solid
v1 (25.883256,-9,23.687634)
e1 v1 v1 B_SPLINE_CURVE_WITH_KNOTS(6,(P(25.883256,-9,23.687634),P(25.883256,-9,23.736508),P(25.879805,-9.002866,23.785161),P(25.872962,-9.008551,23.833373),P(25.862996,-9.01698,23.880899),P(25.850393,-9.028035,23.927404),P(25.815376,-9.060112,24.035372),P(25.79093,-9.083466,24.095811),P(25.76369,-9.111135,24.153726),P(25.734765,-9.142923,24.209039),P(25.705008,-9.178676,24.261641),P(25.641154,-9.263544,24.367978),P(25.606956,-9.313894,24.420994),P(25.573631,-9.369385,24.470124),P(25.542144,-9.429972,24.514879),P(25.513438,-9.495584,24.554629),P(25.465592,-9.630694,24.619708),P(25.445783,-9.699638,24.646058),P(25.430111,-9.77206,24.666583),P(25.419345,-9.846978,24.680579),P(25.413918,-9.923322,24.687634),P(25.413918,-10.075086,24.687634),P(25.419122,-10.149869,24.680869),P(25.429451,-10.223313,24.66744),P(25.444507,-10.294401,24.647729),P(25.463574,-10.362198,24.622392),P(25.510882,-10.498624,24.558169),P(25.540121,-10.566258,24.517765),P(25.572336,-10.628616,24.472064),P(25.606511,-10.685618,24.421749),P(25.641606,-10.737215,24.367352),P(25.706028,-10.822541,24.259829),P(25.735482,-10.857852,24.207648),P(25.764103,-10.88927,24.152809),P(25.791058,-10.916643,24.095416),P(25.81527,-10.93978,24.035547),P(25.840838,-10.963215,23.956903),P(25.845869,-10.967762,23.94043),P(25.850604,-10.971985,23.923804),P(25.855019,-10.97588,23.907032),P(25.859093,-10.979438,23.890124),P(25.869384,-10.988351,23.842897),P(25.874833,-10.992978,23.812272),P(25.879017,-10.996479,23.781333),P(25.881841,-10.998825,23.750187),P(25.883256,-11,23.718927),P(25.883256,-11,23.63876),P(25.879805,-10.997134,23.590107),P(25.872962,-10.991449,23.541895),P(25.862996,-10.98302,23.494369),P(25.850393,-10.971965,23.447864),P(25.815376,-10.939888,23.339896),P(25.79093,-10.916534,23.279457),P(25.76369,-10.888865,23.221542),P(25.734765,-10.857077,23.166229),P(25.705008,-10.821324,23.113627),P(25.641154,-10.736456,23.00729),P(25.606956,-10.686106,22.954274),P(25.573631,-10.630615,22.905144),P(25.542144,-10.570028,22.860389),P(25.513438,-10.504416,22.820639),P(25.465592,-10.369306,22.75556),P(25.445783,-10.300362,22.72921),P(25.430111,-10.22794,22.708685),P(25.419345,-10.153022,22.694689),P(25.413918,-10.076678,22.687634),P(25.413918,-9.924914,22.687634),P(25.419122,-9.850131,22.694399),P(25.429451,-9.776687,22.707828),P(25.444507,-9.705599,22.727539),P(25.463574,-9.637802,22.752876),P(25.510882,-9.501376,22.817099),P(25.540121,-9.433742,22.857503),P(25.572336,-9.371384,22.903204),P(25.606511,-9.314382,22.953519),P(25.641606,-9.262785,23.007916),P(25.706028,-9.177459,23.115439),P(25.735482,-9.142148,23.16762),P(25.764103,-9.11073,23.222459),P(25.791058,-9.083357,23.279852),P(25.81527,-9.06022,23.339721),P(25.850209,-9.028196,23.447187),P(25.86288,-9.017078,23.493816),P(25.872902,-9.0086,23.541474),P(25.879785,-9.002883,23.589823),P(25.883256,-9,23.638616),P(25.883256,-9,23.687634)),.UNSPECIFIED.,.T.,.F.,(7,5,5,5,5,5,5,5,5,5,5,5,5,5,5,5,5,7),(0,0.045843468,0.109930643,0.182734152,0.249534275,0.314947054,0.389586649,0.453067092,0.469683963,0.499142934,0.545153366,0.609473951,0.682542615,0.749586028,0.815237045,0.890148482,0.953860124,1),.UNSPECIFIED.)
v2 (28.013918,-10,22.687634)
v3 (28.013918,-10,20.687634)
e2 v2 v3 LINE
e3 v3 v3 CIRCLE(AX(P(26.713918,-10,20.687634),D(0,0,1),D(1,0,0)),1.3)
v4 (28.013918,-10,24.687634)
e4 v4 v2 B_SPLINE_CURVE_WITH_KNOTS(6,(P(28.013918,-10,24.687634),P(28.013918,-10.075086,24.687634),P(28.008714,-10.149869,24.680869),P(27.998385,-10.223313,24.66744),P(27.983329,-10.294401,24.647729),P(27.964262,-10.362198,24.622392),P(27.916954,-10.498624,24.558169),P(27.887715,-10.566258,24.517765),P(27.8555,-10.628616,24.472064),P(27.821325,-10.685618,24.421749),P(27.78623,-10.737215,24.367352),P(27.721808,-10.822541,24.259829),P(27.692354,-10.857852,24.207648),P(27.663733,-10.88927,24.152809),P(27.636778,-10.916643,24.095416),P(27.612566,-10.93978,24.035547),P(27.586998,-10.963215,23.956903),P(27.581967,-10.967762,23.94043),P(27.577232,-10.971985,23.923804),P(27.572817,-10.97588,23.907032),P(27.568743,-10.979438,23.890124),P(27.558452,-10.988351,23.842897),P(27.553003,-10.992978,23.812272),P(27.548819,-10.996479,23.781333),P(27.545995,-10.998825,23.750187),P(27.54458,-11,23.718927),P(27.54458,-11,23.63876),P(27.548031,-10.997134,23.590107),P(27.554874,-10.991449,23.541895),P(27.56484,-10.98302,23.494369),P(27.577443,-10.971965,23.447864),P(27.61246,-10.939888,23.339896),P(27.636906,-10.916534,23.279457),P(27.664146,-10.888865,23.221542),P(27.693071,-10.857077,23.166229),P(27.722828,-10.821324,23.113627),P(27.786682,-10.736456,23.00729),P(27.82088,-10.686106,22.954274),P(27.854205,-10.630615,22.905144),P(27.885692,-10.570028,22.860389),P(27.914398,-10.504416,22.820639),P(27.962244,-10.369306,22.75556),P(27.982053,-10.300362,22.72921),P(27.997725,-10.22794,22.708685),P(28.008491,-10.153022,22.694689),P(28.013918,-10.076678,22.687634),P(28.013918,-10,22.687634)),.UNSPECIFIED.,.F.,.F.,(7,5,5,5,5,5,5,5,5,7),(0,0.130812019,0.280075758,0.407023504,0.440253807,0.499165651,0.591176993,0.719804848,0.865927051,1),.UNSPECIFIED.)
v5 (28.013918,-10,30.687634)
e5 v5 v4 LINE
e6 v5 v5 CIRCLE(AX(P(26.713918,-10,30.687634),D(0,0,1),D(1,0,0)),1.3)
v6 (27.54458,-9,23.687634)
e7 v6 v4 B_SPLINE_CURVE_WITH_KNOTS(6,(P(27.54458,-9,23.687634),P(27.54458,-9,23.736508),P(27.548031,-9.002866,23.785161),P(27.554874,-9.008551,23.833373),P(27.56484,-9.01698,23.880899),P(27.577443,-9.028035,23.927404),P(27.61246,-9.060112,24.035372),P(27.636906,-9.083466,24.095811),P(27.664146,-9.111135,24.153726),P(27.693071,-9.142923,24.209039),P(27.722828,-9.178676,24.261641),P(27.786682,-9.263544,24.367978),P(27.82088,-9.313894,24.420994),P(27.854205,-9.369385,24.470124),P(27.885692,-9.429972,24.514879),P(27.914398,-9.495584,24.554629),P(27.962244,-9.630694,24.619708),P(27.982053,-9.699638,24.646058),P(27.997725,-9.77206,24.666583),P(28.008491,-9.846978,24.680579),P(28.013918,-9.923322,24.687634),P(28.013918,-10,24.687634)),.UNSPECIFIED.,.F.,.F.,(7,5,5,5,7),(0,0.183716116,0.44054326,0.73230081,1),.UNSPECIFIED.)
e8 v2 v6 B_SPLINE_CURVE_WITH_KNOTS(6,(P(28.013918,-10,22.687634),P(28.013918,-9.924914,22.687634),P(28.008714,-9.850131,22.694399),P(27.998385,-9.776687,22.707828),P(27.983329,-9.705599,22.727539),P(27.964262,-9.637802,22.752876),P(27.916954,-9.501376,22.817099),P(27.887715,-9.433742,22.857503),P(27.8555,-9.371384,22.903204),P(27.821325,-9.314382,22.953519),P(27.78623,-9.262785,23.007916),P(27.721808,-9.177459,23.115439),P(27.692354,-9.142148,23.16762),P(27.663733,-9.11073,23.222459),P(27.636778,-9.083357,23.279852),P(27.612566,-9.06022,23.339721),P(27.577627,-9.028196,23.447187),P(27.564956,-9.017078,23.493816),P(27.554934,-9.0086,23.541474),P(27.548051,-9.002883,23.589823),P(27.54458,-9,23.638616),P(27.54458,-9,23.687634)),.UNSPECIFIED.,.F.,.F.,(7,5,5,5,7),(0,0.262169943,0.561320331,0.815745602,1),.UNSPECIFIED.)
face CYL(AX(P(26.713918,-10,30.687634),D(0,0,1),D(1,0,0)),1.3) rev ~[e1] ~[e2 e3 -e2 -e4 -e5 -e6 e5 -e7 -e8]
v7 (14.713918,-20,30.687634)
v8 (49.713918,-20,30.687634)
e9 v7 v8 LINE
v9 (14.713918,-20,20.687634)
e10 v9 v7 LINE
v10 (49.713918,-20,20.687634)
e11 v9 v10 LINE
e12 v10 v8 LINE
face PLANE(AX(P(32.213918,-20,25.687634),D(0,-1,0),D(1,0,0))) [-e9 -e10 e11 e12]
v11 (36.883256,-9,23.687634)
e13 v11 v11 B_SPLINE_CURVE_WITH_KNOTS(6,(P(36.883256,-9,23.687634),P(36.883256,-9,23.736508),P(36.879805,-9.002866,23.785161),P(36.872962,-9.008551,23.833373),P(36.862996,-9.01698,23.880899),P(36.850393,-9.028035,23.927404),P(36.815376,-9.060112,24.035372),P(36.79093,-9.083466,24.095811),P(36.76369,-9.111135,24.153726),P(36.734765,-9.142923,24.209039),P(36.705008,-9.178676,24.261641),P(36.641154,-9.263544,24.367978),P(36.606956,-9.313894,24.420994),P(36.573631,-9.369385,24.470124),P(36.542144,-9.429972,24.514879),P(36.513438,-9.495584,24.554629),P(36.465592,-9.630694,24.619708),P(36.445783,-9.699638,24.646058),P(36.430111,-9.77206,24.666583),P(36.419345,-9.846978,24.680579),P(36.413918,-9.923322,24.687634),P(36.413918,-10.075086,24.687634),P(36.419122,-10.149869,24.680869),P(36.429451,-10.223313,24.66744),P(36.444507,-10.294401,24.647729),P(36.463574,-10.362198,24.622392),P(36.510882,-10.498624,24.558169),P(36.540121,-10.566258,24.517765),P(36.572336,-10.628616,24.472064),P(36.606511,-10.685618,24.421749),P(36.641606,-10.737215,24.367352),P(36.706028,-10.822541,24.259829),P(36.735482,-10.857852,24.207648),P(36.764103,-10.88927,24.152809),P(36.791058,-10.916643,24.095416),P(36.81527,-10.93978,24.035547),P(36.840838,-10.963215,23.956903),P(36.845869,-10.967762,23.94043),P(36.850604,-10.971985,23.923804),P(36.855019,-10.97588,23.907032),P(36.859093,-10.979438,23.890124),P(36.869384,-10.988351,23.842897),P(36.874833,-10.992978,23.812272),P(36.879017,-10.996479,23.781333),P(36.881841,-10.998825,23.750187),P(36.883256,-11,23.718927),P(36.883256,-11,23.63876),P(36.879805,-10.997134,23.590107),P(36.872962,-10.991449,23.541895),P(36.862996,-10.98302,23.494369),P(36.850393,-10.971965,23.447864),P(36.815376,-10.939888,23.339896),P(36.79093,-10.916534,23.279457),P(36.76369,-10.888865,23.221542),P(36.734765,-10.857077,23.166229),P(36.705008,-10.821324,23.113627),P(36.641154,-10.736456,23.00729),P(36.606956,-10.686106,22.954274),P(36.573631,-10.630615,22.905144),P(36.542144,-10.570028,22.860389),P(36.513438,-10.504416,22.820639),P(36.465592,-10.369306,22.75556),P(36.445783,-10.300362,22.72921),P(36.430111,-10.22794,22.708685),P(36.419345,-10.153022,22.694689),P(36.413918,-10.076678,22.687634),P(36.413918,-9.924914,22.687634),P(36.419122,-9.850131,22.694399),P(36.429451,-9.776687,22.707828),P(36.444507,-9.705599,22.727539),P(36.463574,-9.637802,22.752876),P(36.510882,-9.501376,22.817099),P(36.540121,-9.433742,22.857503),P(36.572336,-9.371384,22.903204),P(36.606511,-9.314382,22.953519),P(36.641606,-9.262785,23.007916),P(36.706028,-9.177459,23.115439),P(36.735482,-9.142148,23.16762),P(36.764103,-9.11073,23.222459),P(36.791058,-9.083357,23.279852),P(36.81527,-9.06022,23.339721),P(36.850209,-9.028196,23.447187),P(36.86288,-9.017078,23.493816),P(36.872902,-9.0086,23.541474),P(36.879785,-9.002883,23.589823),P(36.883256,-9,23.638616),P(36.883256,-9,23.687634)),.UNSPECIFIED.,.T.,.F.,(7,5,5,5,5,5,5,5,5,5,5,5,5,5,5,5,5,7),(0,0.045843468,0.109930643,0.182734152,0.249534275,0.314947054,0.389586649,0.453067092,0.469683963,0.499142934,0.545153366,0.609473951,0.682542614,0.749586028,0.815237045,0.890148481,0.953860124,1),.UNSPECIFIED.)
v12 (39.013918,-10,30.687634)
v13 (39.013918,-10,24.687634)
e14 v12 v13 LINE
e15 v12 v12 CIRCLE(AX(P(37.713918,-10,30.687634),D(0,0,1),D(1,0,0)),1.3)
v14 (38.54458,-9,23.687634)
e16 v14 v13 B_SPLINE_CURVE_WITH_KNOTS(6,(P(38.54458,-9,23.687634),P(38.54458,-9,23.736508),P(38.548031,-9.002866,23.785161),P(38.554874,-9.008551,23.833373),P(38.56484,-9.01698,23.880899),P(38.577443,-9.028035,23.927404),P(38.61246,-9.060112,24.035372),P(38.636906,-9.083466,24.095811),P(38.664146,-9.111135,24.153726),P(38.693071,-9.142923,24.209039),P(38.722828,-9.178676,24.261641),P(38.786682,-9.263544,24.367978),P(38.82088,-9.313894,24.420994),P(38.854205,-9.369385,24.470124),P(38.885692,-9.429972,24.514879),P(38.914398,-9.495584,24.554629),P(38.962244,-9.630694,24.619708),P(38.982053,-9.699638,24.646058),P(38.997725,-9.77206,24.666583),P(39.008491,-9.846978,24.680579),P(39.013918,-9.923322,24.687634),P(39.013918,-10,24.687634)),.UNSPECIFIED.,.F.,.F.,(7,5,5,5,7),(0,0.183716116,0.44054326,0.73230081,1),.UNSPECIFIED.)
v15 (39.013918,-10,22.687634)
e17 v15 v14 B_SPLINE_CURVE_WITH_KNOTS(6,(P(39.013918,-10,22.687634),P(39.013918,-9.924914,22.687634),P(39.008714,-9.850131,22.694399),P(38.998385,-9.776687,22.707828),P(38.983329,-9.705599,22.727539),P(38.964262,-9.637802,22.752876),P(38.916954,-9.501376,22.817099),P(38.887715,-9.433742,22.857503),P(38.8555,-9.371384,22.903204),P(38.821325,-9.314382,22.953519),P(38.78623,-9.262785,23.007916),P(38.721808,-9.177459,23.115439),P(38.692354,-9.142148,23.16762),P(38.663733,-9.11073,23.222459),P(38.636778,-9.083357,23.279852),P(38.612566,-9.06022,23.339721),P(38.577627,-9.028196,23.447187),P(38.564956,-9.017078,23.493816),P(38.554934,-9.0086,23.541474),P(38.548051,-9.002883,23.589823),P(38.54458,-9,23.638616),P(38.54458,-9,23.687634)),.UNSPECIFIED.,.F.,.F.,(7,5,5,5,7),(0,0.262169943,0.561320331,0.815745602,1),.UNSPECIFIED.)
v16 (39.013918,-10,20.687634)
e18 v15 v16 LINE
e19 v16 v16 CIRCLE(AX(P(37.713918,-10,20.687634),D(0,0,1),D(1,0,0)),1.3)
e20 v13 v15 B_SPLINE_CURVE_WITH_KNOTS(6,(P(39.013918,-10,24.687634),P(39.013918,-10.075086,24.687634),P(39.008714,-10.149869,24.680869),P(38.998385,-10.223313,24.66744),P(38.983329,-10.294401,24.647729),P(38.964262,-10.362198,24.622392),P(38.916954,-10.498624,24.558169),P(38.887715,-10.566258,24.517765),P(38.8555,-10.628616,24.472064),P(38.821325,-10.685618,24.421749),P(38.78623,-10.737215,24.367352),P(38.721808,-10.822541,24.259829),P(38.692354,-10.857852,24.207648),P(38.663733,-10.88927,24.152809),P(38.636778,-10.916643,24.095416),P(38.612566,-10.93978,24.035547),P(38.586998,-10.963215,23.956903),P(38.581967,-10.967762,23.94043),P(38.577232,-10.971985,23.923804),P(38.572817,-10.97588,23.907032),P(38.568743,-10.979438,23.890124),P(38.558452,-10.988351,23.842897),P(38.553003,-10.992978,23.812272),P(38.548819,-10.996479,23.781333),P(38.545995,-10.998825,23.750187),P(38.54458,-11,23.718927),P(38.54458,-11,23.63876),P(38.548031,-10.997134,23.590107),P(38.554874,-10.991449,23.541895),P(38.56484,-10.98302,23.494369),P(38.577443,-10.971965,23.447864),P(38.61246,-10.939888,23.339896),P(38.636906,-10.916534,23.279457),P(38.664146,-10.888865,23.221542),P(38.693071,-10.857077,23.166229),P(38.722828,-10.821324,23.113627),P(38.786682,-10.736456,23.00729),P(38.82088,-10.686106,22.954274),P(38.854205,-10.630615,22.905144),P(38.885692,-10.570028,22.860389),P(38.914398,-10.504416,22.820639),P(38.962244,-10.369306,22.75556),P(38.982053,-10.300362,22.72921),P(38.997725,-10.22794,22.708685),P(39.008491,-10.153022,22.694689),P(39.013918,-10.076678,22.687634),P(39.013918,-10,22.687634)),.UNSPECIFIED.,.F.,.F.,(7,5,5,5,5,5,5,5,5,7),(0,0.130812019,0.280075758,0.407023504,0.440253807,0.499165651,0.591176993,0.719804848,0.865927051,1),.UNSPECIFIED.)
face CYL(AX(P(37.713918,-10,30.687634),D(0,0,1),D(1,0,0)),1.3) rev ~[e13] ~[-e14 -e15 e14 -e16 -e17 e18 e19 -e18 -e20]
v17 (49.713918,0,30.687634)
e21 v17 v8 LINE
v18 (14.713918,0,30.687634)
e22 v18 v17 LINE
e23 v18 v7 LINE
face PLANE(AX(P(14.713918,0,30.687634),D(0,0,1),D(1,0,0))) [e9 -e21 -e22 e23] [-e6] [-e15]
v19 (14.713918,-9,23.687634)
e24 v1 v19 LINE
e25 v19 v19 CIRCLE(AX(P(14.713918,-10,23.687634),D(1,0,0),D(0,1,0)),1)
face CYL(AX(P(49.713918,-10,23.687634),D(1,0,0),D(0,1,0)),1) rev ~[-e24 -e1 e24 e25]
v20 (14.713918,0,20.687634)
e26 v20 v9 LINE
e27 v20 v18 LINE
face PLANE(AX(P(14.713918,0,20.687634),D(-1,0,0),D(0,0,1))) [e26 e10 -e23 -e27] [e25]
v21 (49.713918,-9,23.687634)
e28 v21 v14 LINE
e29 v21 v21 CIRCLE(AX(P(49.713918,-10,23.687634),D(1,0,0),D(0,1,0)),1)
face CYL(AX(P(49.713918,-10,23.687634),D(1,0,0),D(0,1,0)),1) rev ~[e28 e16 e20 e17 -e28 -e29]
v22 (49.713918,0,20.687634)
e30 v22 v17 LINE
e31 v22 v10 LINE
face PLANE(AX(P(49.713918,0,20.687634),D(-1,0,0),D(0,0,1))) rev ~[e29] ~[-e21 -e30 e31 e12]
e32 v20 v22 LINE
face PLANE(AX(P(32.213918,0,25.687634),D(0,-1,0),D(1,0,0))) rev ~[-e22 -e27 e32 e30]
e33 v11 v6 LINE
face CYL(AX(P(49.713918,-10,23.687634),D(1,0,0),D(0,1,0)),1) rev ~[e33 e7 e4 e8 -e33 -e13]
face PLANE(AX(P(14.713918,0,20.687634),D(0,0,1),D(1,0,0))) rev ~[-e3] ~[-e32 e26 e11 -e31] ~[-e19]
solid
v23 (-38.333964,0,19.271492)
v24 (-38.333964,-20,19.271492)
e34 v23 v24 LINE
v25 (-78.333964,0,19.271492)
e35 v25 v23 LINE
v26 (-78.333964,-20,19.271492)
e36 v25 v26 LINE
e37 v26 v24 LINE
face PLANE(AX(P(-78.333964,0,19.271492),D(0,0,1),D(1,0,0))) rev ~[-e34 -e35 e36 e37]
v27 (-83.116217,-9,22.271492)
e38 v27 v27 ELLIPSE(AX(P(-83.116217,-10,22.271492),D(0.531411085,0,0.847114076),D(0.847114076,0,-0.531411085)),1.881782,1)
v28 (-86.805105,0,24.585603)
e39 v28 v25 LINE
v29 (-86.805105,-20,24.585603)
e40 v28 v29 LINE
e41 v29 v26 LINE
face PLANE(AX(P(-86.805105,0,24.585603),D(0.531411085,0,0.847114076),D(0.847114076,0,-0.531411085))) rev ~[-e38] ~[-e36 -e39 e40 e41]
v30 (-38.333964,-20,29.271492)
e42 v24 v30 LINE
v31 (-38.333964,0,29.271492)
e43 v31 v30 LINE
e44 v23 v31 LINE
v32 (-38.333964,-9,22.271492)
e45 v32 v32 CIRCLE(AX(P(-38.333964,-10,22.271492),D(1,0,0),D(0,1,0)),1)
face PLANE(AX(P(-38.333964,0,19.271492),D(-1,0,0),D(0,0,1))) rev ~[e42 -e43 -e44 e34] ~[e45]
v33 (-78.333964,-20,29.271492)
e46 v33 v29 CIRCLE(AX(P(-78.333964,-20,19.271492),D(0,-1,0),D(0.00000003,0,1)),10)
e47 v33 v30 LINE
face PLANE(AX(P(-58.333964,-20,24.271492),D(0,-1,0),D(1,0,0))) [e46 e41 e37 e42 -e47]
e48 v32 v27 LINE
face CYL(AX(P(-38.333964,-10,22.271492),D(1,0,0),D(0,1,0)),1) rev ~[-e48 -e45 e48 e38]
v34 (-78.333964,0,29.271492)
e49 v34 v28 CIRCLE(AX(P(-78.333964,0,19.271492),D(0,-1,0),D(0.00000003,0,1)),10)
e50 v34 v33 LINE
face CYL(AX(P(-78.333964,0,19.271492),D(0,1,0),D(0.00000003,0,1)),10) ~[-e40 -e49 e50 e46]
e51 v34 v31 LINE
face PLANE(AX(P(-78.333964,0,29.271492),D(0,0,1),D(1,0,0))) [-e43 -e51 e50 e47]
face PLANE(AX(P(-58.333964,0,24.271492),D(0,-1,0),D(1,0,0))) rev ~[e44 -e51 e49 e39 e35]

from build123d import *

# Parameters (mm, degrees)
F0_W     = 40
F0_H     = 10
F0_W_2   = 35
F1_DEPTH = 20
F2_R     = 1
F3_DEPTH = 58.166
F4_R     = 1
F5_DEPTH = 44.9834
F6_R     = 1.3
F7_DEPTH = 25.4


with BuildPart() as f1:
    # F0 (on Front) → F1 (new body)
    with BuildSketch(Plane.XZ):
        with Locations((-58.333964, 24.271492)):
            Rectangle(F0_W, F0_H)
        with BuildLine():
            Line((-86.805105, 24.585603), (-78.333964, 19.271492))
            Line((-78.333964, 19.271492), (-78.333964, 29.271492))
            ThreePointArc((-78.333964, 29.271492), (-83.174362, 28.021952), (-86.805105, 24.585603))
        make_face()
        with Locations((32.213918, 25.687634)):
            Rectangle(F0_W_2, F0_H)
    extrude(amount=F1_DEPTH)

    # F2 (on face) → F3 (cut)
    with BuildSketch(Plane.YZ.offset(-38.333964)):
        with Locations((-10, 22.271492)):
            Circle(F2_R)
    extrude(amount=-F3_DEPTH, mode=Mode.SUBTRACT)

    # F4 (on face) → F5 (cut)
    with BuildSketch(Plane.YZ.offset(49.713918)):
        with Locations((-10, 23.687634)):
            Circle(F4_R)
    extrude(amount=-F5_DEPTH, mode=Mode.SUBTRACT)

    # F6 (on face) → F7 (cut)
    with BuildSketch(Plane.XY.offset(30.687634)):
        with Locations((26.713918, -10)):
            Circle(F6_R)
        with Locations((37.713918, -10)):
            Circle(F6_R)
    extrude(amount=-F7_DEPTH, mode=Mode.SUBTRACT)


solid = f1.part
